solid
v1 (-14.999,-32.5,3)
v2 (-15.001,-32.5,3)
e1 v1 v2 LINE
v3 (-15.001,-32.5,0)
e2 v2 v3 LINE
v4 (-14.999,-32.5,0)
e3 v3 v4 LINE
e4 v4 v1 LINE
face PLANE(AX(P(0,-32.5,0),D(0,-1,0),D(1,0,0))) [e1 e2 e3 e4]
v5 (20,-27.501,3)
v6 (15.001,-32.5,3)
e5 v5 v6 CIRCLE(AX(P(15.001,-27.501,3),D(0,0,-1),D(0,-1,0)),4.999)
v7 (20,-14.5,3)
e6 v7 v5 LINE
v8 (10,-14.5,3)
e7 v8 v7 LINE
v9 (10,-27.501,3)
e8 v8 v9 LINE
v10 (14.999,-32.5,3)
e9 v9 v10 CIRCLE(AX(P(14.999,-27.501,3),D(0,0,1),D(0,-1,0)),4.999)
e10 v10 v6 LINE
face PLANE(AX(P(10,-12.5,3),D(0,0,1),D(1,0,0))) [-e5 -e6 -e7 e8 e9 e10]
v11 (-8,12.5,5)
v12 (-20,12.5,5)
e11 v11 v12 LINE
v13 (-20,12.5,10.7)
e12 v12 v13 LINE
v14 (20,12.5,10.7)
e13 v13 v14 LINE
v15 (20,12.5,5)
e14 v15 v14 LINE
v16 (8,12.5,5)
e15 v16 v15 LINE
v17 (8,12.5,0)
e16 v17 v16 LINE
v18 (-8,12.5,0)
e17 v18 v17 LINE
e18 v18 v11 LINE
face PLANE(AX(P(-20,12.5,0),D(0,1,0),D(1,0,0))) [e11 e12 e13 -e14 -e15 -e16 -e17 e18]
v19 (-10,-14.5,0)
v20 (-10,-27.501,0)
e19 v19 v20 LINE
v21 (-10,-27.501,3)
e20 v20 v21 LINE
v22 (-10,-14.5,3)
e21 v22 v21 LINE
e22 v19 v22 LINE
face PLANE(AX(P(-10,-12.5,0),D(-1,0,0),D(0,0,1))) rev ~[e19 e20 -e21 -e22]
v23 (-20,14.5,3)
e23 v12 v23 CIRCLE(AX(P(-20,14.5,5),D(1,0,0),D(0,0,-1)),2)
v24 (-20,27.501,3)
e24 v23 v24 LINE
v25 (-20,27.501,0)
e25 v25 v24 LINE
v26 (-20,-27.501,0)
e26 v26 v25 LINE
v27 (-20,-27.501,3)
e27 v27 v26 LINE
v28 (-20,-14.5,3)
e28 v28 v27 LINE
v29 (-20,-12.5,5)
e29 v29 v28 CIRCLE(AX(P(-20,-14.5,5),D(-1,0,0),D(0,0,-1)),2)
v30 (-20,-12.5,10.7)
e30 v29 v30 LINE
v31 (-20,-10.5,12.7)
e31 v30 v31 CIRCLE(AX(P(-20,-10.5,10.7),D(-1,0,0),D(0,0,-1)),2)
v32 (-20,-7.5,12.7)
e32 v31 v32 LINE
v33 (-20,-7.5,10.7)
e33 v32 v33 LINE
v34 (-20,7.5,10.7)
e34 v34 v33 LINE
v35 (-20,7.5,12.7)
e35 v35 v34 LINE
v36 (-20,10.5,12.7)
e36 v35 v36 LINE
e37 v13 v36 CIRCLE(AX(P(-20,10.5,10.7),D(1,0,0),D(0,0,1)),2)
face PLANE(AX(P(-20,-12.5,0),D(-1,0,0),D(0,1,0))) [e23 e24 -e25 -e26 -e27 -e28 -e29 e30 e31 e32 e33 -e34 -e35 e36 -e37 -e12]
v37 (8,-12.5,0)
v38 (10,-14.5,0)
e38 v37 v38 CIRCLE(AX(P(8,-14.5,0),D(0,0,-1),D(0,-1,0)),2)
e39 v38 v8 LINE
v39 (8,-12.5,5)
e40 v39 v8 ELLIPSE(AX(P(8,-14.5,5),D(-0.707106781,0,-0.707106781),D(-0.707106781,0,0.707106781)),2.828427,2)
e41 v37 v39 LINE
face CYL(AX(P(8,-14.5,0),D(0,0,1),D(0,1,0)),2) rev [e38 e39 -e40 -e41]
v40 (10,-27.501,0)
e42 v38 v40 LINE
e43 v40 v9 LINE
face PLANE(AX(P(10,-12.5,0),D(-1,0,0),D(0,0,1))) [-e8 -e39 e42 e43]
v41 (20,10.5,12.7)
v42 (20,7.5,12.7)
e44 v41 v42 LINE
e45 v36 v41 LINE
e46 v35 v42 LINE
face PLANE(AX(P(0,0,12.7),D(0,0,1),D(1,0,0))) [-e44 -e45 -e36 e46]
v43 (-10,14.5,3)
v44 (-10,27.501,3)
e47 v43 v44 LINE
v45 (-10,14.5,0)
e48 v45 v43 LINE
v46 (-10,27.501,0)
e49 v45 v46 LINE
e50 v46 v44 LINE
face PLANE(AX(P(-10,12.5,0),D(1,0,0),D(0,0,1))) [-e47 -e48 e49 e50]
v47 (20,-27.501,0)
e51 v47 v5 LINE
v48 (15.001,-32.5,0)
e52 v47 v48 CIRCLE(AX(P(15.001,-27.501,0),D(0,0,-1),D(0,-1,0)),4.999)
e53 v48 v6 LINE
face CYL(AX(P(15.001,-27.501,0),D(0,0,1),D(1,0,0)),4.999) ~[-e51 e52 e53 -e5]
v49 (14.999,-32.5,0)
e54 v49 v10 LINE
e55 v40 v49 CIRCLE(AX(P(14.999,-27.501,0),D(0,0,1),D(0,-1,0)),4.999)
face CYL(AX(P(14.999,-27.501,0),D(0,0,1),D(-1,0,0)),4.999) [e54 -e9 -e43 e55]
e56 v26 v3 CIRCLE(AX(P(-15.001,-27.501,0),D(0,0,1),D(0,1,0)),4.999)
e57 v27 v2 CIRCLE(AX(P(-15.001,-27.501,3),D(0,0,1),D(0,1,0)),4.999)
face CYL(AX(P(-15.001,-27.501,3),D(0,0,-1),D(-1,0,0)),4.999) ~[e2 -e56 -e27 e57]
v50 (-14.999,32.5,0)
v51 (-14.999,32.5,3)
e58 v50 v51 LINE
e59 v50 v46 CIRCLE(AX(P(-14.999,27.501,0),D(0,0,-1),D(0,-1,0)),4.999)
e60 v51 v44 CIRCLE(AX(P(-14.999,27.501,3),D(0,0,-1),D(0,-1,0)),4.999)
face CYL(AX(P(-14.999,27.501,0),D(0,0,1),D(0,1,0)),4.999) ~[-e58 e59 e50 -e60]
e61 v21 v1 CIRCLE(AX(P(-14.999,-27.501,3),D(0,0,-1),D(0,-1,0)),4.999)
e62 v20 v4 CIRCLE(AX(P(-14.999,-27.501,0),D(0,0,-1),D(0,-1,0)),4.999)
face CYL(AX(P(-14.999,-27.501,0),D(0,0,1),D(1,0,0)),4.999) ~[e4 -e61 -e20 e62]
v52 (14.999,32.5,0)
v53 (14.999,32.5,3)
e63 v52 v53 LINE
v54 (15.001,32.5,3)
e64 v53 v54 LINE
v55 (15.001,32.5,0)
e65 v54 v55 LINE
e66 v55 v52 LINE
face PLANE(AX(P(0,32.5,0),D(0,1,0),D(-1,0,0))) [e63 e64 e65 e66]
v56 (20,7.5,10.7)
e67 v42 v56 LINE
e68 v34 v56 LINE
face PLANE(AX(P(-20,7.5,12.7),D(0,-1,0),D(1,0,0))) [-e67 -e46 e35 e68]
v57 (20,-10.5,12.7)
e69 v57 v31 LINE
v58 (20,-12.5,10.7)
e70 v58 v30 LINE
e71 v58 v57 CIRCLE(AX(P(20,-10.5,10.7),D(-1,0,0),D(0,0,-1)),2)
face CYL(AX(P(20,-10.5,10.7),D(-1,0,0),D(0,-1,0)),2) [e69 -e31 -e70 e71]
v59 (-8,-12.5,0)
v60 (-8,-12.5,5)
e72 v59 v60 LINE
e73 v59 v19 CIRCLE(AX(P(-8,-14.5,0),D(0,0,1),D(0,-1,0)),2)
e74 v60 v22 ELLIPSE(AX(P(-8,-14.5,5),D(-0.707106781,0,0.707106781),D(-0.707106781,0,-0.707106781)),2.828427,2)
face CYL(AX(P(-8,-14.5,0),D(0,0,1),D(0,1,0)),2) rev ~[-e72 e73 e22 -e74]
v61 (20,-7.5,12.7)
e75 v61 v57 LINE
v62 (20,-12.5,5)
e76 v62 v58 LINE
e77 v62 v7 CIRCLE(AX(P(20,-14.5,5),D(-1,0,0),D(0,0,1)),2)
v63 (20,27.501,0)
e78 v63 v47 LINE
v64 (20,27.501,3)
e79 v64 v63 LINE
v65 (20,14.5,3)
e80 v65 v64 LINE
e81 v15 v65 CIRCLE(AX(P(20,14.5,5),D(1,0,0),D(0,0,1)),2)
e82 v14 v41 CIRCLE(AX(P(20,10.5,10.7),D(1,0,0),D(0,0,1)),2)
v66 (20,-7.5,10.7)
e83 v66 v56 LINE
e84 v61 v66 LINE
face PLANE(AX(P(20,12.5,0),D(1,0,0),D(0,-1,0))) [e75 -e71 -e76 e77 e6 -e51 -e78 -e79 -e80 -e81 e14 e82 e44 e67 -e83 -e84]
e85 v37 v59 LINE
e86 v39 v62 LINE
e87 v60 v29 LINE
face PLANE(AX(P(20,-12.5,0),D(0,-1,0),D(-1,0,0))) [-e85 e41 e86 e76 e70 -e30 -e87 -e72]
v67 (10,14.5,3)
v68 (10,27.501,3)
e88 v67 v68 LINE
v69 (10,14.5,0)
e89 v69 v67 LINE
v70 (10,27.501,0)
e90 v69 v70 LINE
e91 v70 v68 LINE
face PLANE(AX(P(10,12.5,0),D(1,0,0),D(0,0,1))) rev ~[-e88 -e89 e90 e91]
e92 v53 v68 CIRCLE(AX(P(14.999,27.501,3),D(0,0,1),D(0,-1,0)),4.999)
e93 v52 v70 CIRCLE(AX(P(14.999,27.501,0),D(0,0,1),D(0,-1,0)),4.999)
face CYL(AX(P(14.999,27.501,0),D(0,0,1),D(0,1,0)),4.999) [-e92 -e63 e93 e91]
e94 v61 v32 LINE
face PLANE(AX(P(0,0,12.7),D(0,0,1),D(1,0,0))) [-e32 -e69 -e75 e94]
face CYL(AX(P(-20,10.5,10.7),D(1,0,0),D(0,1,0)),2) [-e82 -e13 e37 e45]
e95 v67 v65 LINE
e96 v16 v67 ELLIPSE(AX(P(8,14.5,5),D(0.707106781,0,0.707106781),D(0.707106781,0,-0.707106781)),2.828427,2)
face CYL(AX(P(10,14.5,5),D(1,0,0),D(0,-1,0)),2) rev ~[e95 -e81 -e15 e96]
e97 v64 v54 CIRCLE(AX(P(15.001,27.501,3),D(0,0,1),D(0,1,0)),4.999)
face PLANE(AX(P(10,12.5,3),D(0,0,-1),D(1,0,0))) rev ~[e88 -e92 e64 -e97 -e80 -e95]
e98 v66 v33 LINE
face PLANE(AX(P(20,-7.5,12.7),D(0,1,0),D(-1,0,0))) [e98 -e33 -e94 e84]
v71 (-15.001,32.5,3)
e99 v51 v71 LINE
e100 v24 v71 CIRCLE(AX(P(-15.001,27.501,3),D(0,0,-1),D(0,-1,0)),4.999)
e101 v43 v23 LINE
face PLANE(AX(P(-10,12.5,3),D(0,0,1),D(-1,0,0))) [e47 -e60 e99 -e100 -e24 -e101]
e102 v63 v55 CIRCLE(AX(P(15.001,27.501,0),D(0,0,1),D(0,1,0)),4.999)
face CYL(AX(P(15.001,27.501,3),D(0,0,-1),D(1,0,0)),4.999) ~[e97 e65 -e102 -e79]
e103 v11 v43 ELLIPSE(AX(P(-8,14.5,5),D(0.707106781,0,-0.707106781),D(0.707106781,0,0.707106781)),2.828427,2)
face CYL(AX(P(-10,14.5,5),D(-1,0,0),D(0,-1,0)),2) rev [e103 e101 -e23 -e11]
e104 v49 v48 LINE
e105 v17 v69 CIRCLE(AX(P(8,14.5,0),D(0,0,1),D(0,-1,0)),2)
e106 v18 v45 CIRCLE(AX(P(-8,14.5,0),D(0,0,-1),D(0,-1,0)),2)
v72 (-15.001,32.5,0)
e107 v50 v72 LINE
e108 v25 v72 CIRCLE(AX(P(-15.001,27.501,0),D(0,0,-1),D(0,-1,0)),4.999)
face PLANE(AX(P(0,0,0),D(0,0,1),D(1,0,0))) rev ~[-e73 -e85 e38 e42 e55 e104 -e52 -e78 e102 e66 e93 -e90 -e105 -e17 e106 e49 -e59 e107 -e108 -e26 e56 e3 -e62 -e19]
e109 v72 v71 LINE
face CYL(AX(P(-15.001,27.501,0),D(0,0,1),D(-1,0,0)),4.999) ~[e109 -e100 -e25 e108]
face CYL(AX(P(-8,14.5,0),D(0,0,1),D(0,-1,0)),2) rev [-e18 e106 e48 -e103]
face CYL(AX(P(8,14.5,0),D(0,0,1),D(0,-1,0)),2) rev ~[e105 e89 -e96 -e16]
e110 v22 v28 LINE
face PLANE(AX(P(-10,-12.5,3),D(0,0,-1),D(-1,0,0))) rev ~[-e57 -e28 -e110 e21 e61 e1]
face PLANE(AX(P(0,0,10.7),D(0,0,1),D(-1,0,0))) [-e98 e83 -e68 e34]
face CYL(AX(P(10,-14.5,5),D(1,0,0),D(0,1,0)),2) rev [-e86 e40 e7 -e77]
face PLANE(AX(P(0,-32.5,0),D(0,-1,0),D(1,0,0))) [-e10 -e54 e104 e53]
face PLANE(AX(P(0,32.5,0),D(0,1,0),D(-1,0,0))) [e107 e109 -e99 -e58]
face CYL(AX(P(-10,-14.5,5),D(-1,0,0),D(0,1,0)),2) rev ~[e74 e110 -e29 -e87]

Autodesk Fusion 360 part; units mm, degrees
sketch "Sketch1" plane through (0, 0, 0) normal (0, 0, 1) x (1, 0, 0)
  line L0 (20, -12.5) -> (-20, -12.5)
  line L1 (-20, -12.5) -> (-20, 12.5)
  line L2 (-20, 12.5) -> (20, 12.5)
  line L3 (20, 12.5) -> (20, -12.5)
  line L4 (20, -12.5) -> (-20, 12.5) construction
  line L5 (-20, -12.5) -> (20, 12.5) construction
  dimension "d1" = 40
  dimension "d2" = 25
extrude "Extrude1" add sketch "Sketch1" along normal blind 12.7
sketch "Sketch2" plane through (0, 0, 12.7) normal (0, 0, 1) x (-1, 0, 0)
  line L0 (-20, -12.5) -> (20, -12.5)
  line L1 (20, -12.5) -> (20, 12.5)
  line L2 (20, 12.5) -> (-20, 12.5)
  line L3 (-20, 12.5) -> (-20, -12.5)
  line L4 (-20, 7.5) -> (20, 7.5)
  line L5 (20, 7.5) -> (20, -7.5)
  line L6 (20, -7.5) -> (-20, -7.5)
  line L7 (-20, -7.5) -> (-20, 7.5)
  line L8 (-20, 7.5) -> (20, -7.5) construction
  line L9 (20, 7.5) -> (-20, -7.5) construction
  dimension "d5" = 40
  dimension "d6" = 15
extrude "Extrude2" cut sketch "Sketch2" against normal blind 2 contours L1 L3 L4 L5 L6 L7
sketch "Sketch3" plane through (0, -12.5, 0) normal (0, -1, 0) x (1, 0, 0)
  line L0 (-20, 0) -> (20, 0)
  line L1 (20, 0) -> (20, 12.7)
  line L2 (20, 12.7) -> (-20, 12.7)
  line L3 (-20, 12.7) -> (-20, 0)
  line L4 (0, 12.7) -> (0, 0) construction
  line L5 (20, 0) -> (10, 0)
  line L6 (10, 0) -> (10, 3)
  line L7 (10, 3) -> (20, 3)
  line L8 (20, 3) -> (20, 0)
  line L9 (-20, 0) -> (-10, 0)
  line L10 (-10, 0) -> (-10, 3)
  line L11 (-10, 3) -> (-20, 3)
  line L12 (-20, 3) -> (-20, 0)
  point P0 (0, 12.7)
  dimension "d23" = 10
  dimension "d24" = 3
  dimension "d25" = 10
  dimension "d26" = 3
extrude "Extrude5" add sketch "Sketch3" along normal blind 20 contours L0 L3 L9 L10 L11 L12 | L0 L1 L5 L6 L7 L8
sketch "Sketch6" plane through (0, 12.5, 0) normal (0, 1, 0) x (-1, 0, 0)
  line L0 (-20, 0) -> (20, 0)
  line L1 (20, 0) -> (20, 12.7)
  line L2 (20, 12.7) -> (-20, 12.7)
  line L3 (-20, 12.7) -> (-20, 0)
  line L4 (-10, 3) -> (-20, 3)
  line L5 (-10, 0) -> (-10, 3)
  line L6 (-20, 0) -> (-10, 0)
  line L7 (-20, 3) -> (-20, 0)
  line L8 (10, 0) -> (10, 3)
  line L9 (10, 3) -> (20, 3)
  line L10 (20, 0) -> (10, 0)
  line L11 (20, 3) -> (20, 0)
  line L12 (-20, 0) -> (-10, 0)
  line L13 (-10, 0) -> (-10, 3)
  line L14 (-10, 3) -> (-20, 3)
  line L15 (-20, 3) -> (-20, 0)
  line L16 (20, 0) -> (10, 0)
  line L17 (10, 0) -> (10, 3)
  line L18 (10, 3) -> (20, 3)
  line L19 (20, 3) -> (20, 0)
extrude "Extrude6" add sketch "Sketch6" along normal blind 20 contours L0 L3 L4 L5 L6 L7 L12 L13 L14 L15 | L0 L1 L8 L9 L10 L11 L16 L17 L18 L19
fillet "Fillet5" radius 2 10 edges at (-10, 12.5, 1.5) (-15, 12.5, 3) (15, 12.5, 3) (0, 12.5, 12.7) (0, -12.5, 12.7) (10, 12.5, 1.5) (-15, -12.5, 3) (10, -12.5, 1.5) (15, -12.5, 3) (-10, -12.5, 1.5)
fillet "Fillet6" radius 5 8 edges at (-20, -32.5, 1.5) (-10, -32.5, 1.5) (10, -32.5, 1.5) (20, -32.5, 1.5) (-10, 32.5, 1.5) (20, 32.5, 1.5) (-20, 32.5, 1.5) (10, 32.5, 1.5)
equation "d3 = 25.4 mm / 2"
equation "d25 = d23"
equation "d26 = d24"
